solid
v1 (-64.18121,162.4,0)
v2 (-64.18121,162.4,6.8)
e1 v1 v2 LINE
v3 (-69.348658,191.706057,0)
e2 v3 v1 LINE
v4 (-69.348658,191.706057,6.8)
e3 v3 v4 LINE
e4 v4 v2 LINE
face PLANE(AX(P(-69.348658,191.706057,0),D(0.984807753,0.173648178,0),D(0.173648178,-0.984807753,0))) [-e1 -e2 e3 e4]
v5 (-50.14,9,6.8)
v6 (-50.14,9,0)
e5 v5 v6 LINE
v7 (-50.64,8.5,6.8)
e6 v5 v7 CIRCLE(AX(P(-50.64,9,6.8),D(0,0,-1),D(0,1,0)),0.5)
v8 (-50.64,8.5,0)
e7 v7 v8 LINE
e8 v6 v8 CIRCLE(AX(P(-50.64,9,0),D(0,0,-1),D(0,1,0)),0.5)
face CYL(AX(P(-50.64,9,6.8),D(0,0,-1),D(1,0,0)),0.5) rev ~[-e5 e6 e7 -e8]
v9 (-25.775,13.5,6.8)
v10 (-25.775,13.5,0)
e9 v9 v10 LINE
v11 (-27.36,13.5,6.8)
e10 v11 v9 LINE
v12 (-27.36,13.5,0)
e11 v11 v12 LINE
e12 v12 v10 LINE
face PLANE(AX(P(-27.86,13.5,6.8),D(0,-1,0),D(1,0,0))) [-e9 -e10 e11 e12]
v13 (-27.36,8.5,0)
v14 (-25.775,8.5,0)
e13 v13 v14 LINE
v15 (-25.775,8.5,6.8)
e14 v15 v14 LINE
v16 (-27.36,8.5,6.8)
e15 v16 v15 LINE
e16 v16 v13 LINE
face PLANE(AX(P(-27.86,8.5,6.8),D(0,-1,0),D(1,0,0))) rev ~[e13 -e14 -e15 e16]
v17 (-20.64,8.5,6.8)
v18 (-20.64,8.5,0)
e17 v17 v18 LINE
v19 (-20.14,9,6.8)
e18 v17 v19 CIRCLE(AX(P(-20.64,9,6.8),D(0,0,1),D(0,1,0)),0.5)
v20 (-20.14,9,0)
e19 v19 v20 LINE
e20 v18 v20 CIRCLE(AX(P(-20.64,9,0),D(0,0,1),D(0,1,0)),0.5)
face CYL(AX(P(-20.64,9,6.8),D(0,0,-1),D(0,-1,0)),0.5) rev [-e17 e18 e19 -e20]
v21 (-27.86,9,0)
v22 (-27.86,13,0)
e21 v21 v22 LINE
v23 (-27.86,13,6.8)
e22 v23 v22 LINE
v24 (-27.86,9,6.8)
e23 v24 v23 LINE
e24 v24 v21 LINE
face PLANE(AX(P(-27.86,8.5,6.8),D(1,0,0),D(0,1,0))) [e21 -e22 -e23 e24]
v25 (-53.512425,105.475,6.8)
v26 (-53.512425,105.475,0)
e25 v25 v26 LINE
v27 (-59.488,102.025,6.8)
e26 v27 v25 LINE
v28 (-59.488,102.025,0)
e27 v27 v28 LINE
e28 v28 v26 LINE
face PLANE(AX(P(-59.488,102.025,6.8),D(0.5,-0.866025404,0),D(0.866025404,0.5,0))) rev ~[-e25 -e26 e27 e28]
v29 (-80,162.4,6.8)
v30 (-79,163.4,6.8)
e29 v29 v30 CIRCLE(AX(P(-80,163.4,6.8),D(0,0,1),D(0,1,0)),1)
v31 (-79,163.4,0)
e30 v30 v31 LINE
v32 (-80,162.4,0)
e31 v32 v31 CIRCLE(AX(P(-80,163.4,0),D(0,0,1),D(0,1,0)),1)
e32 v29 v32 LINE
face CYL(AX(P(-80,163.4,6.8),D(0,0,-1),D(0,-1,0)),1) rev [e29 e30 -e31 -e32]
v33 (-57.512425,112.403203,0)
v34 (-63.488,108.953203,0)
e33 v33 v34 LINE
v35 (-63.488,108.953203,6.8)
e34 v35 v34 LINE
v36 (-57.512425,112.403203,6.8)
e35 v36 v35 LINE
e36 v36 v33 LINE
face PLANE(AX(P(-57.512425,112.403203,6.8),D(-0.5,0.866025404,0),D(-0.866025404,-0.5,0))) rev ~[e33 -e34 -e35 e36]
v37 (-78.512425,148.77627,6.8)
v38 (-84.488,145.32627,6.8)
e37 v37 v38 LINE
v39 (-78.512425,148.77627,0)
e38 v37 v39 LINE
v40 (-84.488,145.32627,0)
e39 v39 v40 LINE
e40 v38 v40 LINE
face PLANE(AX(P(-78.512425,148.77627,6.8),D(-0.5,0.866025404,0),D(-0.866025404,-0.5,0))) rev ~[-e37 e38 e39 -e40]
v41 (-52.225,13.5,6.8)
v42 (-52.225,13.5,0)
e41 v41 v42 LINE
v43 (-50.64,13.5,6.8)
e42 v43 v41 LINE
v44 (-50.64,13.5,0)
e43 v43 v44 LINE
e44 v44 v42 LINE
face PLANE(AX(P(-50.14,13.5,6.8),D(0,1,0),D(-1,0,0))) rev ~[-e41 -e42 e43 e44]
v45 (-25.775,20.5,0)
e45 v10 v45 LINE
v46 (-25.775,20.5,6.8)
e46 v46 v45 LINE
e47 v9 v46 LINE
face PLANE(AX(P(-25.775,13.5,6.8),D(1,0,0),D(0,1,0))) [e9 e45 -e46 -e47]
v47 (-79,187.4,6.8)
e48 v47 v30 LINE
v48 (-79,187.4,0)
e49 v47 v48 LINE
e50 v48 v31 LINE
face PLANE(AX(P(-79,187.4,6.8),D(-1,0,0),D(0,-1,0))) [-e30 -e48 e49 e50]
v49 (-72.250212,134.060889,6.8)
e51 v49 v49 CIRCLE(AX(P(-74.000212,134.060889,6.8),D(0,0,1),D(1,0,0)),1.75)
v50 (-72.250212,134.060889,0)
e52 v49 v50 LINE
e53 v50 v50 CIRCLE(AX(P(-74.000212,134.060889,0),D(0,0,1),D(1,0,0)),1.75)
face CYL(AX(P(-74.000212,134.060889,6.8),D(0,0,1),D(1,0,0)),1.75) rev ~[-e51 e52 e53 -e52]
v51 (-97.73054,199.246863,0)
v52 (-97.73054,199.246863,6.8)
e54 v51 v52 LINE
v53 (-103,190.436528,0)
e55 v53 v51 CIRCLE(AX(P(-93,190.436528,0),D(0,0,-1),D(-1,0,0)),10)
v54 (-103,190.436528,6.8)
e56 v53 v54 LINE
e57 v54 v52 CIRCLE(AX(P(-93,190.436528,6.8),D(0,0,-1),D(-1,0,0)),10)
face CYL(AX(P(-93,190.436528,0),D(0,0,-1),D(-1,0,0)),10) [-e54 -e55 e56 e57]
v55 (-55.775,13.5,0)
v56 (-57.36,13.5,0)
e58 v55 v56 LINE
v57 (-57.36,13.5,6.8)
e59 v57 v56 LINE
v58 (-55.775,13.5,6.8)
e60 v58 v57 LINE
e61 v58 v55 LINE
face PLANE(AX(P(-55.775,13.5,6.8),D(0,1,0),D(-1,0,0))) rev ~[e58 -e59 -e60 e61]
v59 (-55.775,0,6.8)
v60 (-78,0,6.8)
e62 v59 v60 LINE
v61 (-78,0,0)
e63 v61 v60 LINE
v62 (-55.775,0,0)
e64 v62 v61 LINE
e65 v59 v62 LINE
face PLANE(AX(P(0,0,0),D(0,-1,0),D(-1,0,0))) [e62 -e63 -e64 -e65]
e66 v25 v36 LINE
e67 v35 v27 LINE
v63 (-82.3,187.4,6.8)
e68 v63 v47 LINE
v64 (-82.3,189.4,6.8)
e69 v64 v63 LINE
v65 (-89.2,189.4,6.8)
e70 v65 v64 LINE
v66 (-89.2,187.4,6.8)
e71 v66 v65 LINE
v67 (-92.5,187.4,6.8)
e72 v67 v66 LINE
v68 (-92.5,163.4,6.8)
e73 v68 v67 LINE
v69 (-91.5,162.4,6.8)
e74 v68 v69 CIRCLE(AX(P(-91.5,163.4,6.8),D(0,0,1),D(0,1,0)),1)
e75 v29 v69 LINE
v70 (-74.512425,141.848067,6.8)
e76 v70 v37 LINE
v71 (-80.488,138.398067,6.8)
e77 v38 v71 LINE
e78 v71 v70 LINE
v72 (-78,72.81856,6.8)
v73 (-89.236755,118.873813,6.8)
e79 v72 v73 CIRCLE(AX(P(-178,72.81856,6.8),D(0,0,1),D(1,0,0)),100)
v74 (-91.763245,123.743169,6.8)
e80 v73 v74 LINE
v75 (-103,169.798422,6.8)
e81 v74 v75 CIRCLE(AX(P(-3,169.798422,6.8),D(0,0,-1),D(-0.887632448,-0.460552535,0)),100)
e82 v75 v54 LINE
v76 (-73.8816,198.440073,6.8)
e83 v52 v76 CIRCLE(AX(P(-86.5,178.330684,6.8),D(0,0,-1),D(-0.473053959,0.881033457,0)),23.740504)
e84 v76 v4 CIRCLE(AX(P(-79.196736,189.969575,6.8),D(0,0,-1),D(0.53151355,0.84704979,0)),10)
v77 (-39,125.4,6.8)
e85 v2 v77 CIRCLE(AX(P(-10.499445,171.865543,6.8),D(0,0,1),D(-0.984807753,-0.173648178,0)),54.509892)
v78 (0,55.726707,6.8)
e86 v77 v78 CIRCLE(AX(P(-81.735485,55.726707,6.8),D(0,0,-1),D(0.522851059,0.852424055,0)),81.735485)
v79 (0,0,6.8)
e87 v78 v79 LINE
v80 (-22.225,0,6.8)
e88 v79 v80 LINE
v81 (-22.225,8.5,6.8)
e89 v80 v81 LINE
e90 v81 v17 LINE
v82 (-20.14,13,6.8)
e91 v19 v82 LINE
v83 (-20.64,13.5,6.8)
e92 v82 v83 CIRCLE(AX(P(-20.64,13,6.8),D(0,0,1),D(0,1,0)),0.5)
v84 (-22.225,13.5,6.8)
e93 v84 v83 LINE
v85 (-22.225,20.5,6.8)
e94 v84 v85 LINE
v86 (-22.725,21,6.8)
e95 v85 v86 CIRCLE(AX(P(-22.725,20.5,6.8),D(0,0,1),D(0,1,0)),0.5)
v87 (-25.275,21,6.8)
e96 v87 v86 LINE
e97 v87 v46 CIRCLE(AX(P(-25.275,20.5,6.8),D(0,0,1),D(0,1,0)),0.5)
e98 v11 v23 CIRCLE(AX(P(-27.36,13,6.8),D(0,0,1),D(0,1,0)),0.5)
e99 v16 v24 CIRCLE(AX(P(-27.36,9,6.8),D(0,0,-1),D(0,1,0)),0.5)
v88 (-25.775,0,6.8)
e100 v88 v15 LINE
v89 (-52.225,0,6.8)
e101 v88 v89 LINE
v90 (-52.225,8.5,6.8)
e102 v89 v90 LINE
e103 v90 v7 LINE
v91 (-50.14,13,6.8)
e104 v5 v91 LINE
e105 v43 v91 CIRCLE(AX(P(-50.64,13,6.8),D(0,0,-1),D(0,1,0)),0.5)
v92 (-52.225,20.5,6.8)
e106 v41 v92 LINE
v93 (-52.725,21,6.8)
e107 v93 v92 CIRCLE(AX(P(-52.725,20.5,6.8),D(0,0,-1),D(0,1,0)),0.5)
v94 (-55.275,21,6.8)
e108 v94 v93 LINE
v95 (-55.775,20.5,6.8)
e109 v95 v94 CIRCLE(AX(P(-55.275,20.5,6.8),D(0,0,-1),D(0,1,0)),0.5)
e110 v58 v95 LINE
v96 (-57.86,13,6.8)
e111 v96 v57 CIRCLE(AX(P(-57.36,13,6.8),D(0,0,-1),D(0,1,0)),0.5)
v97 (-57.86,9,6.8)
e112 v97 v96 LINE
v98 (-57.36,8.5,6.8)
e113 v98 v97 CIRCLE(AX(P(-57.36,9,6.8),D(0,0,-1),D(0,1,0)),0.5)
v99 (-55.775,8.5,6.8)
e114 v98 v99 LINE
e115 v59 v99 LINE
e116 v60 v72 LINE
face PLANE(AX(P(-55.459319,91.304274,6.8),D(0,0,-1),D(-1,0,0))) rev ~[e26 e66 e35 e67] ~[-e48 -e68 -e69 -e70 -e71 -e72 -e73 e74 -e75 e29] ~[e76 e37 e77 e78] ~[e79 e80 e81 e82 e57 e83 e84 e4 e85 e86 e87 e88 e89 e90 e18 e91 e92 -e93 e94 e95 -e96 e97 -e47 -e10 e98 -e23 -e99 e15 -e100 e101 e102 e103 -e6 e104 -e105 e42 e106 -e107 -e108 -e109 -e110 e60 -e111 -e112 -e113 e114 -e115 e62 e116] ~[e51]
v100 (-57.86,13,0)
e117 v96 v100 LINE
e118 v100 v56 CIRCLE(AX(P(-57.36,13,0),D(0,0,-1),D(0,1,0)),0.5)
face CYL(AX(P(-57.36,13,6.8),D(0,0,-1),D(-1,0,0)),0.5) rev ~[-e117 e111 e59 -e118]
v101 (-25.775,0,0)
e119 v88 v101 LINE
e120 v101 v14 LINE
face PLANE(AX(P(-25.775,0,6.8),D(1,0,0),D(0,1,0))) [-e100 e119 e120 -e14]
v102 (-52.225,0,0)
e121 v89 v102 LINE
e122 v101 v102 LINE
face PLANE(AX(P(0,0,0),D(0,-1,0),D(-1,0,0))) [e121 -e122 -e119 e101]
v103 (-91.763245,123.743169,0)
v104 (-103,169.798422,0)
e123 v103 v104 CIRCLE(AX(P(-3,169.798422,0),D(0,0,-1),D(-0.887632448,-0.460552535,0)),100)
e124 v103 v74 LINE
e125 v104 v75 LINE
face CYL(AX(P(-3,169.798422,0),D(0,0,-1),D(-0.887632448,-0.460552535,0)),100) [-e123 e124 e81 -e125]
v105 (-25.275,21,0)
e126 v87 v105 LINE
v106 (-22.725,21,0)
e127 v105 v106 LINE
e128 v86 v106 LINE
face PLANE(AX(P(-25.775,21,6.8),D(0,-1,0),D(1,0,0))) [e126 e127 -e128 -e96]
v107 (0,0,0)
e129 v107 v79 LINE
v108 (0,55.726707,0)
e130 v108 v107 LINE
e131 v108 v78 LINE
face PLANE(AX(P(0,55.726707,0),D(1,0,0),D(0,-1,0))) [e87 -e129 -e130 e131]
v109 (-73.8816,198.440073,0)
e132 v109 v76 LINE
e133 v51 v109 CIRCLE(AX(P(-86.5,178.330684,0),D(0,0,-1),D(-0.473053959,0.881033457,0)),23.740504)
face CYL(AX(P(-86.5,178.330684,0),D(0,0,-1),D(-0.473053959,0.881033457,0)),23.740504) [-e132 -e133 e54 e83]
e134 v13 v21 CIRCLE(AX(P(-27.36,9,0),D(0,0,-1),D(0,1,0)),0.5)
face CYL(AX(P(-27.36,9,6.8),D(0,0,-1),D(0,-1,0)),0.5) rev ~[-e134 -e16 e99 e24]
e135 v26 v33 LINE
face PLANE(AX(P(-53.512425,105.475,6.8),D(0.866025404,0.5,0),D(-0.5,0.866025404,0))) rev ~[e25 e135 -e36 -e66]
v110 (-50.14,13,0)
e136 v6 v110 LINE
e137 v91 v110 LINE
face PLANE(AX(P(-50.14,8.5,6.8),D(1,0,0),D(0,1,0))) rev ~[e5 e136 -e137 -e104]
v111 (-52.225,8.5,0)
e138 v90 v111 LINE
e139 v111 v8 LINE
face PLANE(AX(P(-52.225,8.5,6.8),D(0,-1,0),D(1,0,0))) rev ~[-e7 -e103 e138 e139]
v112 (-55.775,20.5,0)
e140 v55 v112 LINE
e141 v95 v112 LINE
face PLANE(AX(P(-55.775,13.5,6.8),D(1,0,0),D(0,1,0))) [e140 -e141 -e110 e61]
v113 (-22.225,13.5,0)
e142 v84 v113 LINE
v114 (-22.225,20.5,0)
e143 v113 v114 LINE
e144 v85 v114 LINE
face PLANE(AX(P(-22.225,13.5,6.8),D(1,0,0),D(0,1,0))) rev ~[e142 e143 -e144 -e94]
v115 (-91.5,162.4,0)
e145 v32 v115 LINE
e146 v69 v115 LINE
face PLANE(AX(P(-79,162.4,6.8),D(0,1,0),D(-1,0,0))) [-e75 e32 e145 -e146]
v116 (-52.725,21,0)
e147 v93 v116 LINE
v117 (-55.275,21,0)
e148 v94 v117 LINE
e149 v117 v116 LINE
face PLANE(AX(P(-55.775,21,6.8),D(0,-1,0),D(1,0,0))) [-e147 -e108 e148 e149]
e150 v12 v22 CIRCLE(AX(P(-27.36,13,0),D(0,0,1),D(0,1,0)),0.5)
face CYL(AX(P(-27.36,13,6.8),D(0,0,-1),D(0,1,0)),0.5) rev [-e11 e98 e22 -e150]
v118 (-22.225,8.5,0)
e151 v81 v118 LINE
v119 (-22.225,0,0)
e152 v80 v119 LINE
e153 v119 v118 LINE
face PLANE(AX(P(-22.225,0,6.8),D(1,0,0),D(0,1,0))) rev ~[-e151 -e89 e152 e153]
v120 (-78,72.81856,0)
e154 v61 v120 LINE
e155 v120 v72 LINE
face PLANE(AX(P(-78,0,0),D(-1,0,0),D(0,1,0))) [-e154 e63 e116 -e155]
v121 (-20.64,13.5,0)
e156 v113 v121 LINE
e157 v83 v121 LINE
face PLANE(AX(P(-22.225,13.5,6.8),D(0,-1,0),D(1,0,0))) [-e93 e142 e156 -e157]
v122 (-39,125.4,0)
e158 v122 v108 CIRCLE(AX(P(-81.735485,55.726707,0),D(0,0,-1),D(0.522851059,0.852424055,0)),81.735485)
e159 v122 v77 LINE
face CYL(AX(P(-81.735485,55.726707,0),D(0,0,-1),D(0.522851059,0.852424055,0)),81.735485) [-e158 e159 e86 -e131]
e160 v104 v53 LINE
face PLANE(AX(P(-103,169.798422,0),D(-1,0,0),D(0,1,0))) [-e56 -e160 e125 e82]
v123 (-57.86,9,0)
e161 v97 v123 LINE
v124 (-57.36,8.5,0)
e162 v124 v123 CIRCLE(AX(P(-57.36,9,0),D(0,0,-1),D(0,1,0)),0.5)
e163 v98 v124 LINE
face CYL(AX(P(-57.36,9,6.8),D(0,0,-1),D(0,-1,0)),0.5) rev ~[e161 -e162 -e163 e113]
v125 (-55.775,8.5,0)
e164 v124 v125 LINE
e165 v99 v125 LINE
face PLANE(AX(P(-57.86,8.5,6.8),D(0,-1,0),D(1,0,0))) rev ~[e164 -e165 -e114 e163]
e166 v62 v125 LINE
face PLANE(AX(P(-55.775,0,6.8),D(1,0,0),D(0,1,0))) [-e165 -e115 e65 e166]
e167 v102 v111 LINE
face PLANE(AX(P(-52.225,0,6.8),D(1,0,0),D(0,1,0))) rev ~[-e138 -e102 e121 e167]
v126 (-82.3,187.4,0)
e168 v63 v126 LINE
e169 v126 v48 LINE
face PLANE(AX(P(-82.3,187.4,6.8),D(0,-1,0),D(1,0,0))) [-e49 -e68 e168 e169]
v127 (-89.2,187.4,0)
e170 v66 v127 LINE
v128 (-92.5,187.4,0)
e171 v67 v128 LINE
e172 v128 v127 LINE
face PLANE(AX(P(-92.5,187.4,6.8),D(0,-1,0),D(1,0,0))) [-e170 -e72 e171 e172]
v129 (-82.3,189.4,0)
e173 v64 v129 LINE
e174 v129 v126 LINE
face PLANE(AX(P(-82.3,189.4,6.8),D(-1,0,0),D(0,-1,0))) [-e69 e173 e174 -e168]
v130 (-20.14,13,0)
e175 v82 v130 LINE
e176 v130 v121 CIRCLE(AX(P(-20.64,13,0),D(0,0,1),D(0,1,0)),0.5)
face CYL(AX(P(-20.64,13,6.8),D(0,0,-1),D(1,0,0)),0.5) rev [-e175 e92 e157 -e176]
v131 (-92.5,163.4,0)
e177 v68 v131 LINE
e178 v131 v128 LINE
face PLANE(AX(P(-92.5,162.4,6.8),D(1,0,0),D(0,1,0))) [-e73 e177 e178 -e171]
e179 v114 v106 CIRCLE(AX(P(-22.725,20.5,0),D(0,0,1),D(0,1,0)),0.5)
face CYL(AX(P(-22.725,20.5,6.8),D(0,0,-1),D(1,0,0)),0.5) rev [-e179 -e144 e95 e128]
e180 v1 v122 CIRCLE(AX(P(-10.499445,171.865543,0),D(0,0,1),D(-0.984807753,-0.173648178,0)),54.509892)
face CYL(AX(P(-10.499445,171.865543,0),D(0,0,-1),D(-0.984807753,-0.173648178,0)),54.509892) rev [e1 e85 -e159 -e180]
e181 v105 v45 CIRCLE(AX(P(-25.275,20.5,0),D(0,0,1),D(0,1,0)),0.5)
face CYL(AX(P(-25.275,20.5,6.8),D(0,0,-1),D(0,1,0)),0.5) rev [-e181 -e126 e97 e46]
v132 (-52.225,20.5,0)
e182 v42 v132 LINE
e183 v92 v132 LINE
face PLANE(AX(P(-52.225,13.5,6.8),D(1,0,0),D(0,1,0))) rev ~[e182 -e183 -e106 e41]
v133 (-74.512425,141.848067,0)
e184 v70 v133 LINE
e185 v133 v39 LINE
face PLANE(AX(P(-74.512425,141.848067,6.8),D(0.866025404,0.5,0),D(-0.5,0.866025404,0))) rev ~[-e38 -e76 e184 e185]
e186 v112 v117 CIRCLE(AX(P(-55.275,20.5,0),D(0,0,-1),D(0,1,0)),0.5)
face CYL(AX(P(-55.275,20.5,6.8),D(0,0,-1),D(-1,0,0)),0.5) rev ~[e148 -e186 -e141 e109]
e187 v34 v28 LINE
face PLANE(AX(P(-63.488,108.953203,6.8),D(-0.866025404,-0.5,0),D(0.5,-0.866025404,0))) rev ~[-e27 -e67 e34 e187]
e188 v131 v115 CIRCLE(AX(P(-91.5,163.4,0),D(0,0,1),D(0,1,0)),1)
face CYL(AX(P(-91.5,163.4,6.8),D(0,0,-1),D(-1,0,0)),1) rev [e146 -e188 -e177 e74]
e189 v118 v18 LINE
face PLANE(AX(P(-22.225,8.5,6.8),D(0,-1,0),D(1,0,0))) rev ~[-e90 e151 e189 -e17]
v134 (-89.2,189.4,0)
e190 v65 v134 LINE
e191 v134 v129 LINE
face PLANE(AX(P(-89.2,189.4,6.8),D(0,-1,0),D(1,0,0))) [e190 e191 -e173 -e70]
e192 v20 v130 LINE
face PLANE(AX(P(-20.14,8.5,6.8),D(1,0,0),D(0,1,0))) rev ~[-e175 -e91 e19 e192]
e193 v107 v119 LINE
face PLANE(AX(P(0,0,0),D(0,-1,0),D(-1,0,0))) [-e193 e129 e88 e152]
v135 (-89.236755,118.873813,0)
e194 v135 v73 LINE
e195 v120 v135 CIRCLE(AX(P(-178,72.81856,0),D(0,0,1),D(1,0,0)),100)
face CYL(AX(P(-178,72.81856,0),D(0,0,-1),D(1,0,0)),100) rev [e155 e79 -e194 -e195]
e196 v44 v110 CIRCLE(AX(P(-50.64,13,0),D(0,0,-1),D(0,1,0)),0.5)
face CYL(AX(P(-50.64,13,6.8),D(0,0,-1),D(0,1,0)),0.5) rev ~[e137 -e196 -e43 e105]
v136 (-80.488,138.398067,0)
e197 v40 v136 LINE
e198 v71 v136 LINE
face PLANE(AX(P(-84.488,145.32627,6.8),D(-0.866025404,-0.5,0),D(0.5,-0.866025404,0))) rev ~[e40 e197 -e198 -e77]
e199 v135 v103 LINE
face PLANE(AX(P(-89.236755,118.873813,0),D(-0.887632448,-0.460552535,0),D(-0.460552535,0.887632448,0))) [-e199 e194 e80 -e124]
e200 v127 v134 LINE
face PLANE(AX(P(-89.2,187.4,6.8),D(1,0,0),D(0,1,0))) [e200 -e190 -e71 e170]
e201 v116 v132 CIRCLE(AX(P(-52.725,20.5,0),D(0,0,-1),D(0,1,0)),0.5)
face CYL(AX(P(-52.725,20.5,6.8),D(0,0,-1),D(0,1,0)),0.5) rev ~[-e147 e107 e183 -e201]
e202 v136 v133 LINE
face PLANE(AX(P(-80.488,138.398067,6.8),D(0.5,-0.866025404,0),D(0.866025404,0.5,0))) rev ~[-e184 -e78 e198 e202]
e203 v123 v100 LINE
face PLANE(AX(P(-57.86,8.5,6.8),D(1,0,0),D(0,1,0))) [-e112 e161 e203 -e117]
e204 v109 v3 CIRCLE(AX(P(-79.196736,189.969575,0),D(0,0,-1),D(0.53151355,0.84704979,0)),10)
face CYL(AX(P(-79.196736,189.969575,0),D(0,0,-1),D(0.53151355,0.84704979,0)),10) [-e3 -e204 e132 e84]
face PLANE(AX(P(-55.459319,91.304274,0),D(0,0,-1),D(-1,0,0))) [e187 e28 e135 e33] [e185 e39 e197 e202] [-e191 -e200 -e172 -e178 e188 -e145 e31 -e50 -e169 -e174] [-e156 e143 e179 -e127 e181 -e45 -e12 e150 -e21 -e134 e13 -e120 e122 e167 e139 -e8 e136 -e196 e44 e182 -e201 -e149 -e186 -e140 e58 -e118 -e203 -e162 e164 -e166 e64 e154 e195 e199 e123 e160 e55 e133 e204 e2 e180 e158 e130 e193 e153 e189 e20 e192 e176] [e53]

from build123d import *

# Parameters (mm, degrees)
BOSS_EXTRUDE1_DEPTH = 6.8
SKETCH2_W           = 2.085
SKETCH2_H           = 5
SKETCH2_W_2         = 3.55
SKETCH2_H_2         = 8.5
SKETCH2_H_3         = 7.5
CUT_EXTRUDE1_DEPTH  = 6.8
CUT_EXTRUDE2_DEPTH  = 6.8
SKETCH4_R           = 1.75
CUT_EXTRUDE3_DEPTH  = 6.8
FILLET1_R           = 1
FILLET2_R           = 0.5


with BuildPart() as part:
    # Sketch1 → Boss-Extrude1 (new body)
    with BuildSketch(Plane.XY):
        with BuildLine():
            Line((-103, 169.798422238), (-103, 190.436528082))
            ThreePointArc((-103, 190.436528082), (-101.582115005, 195.569490389), (-97.730539592, 199.246862648))
            ThreePointArc((-97.730539592, 199.246862648), (-85.697338027, 202.057615588), (-73.881600239, 198.440073256))
            ThreePointArc((-73.881600239, 198.440073256), (-70.90110432, 195.553704599), (-69.348658208, 191.706057135))
            Line((-69.348658208, 191.706057135), (-64.181209637, 162.4))
            ThreePointArc((-64.181209637, 162.4), (-55.56310459, 141.196422986), (-39, 125.4))
            ThreePointArc((-39, 125.4), (-10.413345727, 95.649656796), (0, 55.726706578))
            Line((0, 55.726706578), (0, 0))
            Line((0, 0), (-78, 0))
            Line((-78, 0), (-78, 72.818559508))
            ThreePointArc((-78, 72.818559508), (-80.849795474, 96.521676613), (-89.23675521, 118.873813001))
            Line((-89.23675521, 118.873813001), (-91.76324479, 123.743168745))
            ThreePointArc((-91.76324479, 123.743168745), (-100.150204526, 146.095305133), (-103, 169.798422238))
        make_face()
    extrude(amount=BOSS_EXTRUDE1_DEPTH)

    # Sketch2 → Cut-Extrude1 (cut)
    with BuildSketch(Plane.XY.offset(6.8)):
        with Locations((-51.1825, 11)):
            Rectangle(SKETCH2_W, SKETCH2_H)
        with Locations((-54, 11)):
            Rectangle(SKETCH2_W_2, SKETCH2_H)
        with Locations((-56.8175, 11)):
            Rectangle(SKETCH2_W, SKETCH2_H)
        with Locations((-54, 4.25)):
            Rectangle(SKETCH2_W_2, SKETCH2_H_2)
        with Locations((-54, 17.25)):
            Rectangle(SKETCH2_W_2, SKETCH2_H_3)
        with Locations((-26.8175, 11)):
            Rectangle(SKETCH2_W, SKETCH2_H)
        with Locations((-21.1825, 11)):
            Rectangle(SKETCH2_W, SKETCH2_H)
        with Locations((-24, 17.25)):
            Rectangle(SKETCH2_W_2, SKETCH2_H_3)
        with Locations((-24, 11)):
            Rectangle(SKETCH2_W_2, SKETCH2_H)
        with Locations((-24, 4.25)):
            Rectangle(SKETCH2_W_2, SKETCH2_H_2)
    extrude(amount=-CUT_EXTRUDE1_DEPTH, mode=Mode.SUBTRACT)

    # Sketch3 → Cut-Extrude2 (cut)
    with BuildSketch(Plane.XY.offset(6.8)):
        Polygon((-89.2, 187.4), (-89.2, 189.4), (-82.3, 189.4), (-82.3, 187.4), (-79, 187.4), (-79, 162.4), (-92.5, 162.4), (-92.5, 187.4), align=None)
    extrude(amount=-CUT_EXTRUDE2_DEPTH, mode=Mode.SUBTRACT)

    # Sketch4 → Cut-Extrude3 (cut)
    with BuildSketch(Plane.XY.offset(6.8)):
        with Locations((-74.000212357, 134.060889132)):
            Circle(SKETCH4_R)
        Polygon((-84.488, 145.326270189), (-80.488, 138.398066959), (-74.512424714, 141.848066959), (-78.512424714, 148.776270189), align=None)
        Polygon((-63.488, 108.95320323), (-59.488, 102.025), (-53.512424714, 105.475), (-57.512424714, 112.40320323), align=None)
    extrude(amount=-CUT_EXTRUDE3_DEPTH, mode=Mode.SUBTRACT)

    # Fillet1
    fillet1_edges = [part.edges().sort_by_distance(p)[0] for p in [
        (-79, 162.4, 3.4),
        (-92.5, 162.4, 3.4),
    ]]
    fillet(fillet1_edges, radius=FILLET1_R)

    # Fillet2
    fillet2_edges = [part.edges().sort_by_distance(p)[0] for p in [
        (-50.14, 13.5, 3.4),
        (-50.14, 8.5, 3.4),
        (-57.86, 8.5, 3.4),
        (-57.86, 13.5, 3.4),
        (-55.775, 21, 3.4),
        (-52.225, 21, 3.4),
        (-27.86, 8.5, 3.4),
        (-27.86, 13.5, 3.4),
        (-25.775, 21, 3.4),
        (-22.225, 21, 3.4),
        (-20.14, 13.5, 3.4),
        (-20.14, 8.5, 3.4),
    ]]
    fillet(fillet2_edges, radius=FILLET2_R)


solid = part.part
